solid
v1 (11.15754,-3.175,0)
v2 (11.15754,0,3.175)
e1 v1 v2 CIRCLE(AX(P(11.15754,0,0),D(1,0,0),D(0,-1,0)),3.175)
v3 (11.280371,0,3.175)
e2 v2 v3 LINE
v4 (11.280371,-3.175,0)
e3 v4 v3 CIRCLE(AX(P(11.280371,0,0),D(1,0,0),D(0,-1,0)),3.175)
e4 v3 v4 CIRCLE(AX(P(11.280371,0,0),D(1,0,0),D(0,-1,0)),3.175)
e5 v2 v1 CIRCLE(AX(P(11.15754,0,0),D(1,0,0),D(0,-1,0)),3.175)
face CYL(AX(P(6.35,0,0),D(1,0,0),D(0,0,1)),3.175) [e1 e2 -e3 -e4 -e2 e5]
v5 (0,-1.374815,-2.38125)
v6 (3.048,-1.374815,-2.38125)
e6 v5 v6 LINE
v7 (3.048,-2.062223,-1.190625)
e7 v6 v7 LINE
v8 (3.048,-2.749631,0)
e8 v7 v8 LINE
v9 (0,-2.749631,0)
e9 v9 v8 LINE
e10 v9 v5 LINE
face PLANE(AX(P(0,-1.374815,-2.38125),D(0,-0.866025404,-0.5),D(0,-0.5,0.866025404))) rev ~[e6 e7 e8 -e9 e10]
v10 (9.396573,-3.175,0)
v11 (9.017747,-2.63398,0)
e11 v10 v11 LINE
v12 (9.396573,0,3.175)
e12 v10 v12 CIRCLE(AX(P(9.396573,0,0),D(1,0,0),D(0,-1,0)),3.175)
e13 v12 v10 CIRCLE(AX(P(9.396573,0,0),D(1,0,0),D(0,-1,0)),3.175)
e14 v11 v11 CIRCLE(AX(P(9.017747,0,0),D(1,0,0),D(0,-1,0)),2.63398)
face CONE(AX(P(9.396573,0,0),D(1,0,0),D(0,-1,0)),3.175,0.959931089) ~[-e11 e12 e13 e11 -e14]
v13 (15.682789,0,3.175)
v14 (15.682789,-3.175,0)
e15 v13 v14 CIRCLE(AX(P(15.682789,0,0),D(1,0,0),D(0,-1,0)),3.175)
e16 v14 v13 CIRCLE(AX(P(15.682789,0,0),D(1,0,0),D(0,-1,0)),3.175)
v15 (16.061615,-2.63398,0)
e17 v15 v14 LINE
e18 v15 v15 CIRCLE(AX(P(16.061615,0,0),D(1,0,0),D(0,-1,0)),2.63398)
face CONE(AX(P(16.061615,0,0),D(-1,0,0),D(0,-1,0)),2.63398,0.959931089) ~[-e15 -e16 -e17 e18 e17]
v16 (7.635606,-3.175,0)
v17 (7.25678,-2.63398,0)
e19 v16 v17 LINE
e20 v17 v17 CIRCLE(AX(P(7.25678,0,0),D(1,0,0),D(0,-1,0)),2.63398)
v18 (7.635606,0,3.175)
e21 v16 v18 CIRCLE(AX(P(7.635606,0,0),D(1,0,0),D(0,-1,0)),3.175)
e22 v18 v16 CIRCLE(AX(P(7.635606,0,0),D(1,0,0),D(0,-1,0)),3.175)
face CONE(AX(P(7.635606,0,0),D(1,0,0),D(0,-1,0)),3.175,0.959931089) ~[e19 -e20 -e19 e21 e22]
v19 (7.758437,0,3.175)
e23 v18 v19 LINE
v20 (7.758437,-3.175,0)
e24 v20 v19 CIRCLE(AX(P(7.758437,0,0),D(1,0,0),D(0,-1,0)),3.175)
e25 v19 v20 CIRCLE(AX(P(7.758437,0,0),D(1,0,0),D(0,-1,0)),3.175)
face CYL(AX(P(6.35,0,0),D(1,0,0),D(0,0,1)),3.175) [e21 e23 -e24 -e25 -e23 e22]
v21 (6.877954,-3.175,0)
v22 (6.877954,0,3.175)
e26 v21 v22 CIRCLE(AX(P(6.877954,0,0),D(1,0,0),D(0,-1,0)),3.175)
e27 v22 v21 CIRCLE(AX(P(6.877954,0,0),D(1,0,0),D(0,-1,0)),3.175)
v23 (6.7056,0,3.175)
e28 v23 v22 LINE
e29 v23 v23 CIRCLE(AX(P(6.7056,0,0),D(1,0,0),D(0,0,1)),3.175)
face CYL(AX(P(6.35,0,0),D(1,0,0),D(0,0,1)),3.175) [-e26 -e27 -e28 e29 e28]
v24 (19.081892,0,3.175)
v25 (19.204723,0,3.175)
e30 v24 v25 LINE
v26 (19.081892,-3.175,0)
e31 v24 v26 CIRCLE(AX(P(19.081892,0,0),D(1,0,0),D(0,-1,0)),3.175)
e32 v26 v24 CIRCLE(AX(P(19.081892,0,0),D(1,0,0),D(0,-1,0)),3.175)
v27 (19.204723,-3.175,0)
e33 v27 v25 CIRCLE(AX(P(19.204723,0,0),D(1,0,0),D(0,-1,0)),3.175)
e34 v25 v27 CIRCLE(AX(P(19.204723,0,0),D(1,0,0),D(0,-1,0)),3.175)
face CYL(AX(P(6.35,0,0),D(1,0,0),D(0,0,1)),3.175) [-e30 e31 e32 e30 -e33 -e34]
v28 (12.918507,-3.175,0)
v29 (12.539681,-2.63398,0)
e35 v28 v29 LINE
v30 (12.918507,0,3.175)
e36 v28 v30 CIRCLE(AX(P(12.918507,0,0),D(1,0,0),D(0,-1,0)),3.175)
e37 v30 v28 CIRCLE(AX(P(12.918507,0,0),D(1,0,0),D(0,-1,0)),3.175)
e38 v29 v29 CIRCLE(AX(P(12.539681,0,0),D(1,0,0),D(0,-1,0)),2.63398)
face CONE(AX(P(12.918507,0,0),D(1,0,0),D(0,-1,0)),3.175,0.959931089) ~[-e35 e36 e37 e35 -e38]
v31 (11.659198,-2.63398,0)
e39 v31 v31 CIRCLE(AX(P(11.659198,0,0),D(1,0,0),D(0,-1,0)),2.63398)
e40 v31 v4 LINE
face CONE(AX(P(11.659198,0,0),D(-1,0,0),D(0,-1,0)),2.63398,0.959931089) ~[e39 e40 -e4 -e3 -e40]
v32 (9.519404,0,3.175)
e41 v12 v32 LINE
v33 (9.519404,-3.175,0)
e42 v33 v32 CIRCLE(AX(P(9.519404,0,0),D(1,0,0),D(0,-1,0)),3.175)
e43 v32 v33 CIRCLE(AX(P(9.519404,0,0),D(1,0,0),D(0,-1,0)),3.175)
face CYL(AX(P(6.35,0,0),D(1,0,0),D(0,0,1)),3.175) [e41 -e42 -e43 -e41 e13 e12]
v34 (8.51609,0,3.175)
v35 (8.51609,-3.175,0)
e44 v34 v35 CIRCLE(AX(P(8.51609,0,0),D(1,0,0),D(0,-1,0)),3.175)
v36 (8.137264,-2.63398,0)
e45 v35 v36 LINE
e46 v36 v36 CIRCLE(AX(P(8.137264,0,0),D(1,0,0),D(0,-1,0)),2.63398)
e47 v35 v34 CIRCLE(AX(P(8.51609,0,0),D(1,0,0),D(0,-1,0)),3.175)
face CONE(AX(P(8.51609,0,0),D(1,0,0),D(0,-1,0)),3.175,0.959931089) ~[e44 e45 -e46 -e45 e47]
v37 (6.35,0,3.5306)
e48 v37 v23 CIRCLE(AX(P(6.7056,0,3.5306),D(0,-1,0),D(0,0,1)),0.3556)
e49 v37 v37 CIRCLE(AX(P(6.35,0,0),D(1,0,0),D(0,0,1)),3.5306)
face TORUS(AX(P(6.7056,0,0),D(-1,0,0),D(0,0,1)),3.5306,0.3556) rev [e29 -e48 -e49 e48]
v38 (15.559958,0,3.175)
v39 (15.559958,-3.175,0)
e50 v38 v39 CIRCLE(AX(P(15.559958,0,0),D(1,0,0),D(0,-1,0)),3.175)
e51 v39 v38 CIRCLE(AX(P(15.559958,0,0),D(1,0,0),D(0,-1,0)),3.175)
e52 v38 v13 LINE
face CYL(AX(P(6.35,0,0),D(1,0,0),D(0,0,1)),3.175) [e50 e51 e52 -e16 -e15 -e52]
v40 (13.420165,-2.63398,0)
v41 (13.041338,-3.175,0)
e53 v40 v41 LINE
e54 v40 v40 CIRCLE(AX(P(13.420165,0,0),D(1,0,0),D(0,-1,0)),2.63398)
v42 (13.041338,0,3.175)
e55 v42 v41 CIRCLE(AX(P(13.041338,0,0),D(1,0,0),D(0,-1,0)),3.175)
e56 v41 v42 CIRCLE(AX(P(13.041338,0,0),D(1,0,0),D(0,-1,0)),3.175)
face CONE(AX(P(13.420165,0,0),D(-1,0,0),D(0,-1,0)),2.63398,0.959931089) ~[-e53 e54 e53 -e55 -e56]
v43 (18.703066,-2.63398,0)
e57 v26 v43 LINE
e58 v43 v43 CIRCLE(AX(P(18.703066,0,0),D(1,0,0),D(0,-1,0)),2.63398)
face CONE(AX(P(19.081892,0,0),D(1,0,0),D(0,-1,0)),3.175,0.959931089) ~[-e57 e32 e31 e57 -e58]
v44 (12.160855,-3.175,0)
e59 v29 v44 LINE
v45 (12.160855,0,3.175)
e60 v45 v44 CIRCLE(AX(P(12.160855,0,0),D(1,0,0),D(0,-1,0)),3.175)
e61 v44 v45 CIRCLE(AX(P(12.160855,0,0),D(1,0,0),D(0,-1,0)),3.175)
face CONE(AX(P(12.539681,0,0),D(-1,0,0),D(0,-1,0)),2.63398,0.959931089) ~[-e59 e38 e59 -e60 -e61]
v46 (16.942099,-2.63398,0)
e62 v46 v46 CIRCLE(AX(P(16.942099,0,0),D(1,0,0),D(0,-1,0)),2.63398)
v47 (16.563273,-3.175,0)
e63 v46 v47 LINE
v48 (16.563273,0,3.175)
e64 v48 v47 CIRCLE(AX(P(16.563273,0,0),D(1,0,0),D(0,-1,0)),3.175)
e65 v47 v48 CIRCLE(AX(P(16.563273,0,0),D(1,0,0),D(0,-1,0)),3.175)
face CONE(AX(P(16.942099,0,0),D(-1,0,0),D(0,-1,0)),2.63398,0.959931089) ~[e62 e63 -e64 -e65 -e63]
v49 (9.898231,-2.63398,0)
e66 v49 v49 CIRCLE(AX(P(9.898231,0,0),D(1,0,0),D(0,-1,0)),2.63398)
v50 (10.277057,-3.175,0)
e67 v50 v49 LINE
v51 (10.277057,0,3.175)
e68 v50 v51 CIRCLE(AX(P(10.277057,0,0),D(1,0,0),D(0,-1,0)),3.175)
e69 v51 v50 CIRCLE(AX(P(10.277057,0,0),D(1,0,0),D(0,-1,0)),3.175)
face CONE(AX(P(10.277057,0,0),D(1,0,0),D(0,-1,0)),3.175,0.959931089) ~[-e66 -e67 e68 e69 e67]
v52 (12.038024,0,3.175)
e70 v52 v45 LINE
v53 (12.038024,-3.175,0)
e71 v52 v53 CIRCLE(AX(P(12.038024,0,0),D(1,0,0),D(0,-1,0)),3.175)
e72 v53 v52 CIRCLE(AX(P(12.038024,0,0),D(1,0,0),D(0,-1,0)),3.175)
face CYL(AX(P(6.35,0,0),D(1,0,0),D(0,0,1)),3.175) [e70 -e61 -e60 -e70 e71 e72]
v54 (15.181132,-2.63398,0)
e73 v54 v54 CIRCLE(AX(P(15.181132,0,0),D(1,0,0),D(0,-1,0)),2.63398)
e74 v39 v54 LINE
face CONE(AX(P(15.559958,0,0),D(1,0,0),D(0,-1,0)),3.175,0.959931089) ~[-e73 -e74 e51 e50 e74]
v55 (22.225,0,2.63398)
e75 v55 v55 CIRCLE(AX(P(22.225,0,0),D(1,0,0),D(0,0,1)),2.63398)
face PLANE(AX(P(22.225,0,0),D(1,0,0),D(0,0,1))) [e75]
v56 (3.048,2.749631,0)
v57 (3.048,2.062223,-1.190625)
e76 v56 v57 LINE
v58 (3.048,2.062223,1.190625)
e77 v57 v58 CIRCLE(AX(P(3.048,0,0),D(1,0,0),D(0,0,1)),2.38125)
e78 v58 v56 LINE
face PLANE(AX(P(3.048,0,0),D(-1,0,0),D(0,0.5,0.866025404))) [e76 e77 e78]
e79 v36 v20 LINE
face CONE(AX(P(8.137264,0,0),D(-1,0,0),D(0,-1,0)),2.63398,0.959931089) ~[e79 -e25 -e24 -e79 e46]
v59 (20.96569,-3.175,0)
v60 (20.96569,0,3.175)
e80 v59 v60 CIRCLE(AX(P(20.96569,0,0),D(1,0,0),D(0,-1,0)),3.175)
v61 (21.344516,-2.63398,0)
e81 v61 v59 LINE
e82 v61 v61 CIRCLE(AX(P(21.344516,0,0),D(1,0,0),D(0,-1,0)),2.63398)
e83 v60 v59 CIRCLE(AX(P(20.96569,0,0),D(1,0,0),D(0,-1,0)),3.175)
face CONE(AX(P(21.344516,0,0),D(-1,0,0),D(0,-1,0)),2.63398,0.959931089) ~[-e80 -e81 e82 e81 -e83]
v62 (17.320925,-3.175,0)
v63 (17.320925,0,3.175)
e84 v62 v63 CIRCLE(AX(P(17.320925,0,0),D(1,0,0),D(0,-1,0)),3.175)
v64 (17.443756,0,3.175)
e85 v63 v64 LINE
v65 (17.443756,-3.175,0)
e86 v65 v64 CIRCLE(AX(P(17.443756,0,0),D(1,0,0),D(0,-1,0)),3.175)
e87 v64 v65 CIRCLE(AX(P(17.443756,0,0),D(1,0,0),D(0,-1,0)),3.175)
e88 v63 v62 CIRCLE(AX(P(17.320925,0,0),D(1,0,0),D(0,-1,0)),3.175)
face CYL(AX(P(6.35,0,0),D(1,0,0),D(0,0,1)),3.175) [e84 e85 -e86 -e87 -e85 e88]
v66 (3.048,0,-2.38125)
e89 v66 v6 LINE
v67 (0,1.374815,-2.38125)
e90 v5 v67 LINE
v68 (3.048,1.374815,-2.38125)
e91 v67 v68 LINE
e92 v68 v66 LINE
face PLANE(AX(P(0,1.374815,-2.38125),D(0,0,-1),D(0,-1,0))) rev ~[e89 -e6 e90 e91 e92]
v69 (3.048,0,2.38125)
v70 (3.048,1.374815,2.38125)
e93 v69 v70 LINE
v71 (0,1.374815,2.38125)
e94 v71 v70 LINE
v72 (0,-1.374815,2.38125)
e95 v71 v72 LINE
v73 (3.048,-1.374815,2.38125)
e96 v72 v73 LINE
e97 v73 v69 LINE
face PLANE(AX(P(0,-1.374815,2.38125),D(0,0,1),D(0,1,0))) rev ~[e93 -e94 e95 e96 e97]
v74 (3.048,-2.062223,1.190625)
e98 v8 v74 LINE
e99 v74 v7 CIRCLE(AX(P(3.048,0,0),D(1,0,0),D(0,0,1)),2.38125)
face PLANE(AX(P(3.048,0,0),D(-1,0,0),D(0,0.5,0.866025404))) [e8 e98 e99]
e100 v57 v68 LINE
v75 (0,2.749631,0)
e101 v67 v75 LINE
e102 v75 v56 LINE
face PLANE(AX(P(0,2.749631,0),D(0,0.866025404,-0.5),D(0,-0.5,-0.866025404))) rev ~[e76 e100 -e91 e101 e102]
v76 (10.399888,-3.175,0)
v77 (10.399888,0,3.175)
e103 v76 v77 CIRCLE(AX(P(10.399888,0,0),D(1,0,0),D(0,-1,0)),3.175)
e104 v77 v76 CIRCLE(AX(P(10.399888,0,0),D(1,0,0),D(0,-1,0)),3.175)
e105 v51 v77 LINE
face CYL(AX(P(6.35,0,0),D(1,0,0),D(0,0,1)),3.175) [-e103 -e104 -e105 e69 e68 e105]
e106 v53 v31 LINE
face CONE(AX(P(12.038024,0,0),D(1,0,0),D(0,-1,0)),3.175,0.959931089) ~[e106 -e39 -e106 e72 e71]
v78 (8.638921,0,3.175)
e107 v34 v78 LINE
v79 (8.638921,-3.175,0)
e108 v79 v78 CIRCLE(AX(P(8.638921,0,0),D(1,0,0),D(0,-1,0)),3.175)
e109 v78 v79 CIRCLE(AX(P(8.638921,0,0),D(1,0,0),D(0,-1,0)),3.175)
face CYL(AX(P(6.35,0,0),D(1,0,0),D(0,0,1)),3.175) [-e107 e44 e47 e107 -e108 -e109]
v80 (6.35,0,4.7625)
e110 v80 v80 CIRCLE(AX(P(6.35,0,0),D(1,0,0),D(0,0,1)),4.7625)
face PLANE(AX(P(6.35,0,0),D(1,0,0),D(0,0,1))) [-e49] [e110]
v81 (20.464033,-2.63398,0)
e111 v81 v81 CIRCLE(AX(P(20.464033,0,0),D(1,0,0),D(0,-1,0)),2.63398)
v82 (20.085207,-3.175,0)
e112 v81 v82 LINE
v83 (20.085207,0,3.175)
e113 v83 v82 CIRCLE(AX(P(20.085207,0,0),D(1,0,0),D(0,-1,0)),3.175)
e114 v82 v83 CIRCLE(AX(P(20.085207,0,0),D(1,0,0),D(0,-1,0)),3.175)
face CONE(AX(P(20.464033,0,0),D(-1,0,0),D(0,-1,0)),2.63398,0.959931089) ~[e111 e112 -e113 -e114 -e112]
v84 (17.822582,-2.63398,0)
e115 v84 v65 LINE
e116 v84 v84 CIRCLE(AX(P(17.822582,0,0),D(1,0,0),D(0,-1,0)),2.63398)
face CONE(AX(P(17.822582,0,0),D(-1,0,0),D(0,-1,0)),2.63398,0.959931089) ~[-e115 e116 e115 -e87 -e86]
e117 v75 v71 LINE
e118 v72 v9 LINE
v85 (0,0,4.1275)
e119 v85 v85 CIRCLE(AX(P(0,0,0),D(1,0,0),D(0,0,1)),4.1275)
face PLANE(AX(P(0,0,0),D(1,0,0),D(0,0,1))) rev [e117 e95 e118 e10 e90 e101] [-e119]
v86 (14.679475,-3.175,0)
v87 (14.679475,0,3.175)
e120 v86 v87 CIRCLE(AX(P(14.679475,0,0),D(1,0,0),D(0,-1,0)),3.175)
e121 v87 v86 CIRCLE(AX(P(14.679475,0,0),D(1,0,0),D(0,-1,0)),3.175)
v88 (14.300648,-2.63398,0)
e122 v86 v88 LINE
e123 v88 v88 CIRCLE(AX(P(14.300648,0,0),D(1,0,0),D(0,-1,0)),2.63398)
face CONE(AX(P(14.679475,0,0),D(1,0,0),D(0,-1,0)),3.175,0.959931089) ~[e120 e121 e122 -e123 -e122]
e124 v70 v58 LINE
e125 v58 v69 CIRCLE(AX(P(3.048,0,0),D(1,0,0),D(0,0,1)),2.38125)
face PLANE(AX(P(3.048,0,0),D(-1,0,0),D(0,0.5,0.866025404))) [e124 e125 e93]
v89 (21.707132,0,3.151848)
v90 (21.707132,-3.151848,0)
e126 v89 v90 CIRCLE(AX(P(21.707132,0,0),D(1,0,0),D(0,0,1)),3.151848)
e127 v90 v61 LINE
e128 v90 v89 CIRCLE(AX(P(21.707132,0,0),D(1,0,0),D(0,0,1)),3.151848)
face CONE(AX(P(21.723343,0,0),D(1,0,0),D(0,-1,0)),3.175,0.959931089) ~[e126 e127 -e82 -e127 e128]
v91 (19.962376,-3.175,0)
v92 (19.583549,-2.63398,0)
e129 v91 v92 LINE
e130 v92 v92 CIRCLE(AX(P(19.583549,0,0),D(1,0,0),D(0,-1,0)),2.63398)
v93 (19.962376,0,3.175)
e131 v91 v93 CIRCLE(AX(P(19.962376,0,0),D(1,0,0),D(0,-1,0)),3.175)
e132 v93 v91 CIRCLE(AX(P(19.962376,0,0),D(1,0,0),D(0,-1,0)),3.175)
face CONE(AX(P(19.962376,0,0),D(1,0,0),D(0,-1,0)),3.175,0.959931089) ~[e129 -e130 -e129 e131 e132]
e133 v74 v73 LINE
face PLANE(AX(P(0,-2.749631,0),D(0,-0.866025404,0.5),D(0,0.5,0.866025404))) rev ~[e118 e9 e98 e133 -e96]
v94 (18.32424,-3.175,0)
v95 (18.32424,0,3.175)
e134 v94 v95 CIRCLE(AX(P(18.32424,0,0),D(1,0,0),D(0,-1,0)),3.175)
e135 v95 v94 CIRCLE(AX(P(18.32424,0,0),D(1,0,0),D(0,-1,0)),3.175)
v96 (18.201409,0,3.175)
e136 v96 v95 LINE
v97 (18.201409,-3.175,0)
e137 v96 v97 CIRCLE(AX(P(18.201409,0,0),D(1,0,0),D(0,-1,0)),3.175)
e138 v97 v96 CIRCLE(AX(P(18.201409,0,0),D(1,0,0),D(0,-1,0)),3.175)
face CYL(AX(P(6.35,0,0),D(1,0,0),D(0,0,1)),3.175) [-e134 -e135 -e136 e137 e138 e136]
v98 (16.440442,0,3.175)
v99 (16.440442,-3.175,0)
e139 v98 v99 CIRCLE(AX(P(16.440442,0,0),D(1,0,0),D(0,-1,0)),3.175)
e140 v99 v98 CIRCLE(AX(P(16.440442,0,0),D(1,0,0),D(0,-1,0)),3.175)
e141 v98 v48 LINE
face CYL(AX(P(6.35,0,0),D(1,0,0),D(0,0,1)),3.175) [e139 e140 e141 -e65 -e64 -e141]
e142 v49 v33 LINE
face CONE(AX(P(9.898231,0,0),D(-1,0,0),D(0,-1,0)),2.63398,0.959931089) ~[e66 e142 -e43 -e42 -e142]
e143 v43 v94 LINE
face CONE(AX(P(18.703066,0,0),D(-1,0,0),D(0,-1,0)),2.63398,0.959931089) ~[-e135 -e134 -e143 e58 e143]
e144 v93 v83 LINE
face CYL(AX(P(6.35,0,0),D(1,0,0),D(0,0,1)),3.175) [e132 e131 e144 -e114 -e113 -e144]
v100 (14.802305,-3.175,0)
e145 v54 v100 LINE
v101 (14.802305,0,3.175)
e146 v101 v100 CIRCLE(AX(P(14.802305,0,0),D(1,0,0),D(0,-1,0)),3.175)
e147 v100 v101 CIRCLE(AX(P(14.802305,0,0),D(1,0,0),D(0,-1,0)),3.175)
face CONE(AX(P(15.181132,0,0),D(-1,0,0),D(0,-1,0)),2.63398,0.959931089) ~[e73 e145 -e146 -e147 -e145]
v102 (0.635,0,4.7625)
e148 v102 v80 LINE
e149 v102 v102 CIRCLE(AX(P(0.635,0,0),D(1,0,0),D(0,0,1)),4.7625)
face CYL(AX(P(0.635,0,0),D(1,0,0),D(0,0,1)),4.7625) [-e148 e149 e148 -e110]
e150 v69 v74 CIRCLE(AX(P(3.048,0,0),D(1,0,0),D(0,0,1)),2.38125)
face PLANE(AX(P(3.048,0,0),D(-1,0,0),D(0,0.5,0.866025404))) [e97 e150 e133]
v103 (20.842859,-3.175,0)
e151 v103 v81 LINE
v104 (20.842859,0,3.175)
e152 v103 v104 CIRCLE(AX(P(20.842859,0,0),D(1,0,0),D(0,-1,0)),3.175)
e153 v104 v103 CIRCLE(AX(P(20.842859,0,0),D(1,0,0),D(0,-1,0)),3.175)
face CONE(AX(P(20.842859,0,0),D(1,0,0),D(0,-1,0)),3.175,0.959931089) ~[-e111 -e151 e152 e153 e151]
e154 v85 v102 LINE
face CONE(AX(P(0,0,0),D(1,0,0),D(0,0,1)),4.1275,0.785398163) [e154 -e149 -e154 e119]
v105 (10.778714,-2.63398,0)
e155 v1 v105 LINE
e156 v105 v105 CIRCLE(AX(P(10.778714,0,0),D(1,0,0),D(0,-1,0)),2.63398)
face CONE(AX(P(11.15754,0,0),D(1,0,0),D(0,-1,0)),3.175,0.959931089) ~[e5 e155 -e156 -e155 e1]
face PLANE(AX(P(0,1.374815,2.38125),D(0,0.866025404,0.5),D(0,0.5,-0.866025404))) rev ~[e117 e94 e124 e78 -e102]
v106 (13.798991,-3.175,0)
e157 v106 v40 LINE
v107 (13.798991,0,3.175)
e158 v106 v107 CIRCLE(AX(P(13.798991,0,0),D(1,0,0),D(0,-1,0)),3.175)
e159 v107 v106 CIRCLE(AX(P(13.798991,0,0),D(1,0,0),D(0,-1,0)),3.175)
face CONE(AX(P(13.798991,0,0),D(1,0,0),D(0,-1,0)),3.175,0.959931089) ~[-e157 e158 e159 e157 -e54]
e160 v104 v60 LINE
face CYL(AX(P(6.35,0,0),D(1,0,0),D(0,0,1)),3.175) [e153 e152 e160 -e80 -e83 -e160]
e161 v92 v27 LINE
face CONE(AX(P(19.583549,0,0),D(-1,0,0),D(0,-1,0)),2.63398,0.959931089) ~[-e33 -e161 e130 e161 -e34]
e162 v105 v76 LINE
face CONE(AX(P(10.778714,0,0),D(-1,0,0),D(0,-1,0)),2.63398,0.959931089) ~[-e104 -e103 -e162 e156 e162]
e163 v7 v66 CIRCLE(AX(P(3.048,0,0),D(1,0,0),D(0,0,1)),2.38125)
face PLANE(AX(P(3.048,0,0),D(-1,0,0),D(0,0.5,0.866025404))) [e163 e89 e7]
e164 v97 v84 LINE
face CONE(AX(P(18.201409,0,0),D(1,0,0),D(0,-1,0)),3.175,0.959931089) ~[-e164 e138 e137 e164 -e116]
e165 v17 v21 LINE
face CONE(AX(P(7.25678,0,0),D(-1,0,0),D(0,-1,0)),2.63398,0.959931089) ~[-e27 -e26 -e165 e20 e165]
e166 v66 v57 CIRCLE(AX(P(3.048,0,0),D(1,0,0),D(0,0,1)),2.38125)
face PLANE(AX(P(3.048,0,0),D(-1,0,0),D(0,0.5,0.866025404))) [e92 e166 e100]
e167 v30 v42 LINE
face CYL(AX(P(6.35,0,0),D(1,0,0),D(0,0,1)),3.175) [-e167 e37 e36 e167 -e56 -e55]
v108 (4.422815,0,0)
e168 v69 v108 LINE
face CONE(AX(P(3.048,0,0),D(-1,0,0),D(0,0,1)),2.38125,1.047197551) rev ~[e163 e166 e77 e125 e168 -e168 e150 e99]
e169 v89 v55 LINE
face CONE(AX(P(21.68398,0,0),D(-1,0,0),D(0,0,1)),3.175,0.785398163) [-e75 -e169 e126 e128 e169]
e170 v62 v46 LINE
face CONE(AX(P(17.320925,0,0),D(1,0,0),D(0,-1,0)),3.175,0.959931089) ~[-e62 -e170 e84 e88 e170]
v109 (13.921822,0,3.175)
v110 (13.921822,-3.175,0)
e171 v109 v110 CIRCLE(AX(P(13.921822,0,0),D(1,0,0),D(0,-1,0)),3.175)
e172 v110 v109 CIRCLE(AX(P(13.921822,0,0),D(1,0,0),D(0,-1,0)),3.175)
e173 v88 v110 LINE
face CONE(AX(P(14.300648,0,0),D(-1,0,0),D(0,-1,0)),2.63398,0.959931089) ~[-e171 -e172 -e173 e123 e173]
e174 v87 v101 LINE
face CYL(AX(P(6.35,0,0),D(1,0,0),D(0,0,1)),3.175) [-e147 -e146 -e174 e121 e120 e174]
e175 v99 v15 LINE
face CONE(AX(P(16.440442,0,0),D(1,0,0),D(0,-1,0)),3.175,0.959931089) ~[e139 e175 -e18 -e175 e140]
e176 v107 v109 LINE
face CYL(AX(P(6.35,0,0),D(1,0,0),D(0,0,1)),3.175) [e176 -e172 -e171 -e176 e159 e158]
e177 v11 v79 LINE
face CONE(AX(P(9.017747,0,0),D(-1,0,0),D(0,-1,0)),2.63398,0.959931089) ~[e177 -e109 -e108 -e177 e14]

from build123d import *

# Parameters (mm, degrees)
FILLET1_R       = 0.3556
HEX_2_DEPTH     = 3.048
THDSCHPAT_COUNT = 17
THDSCHPAT_PITCH = 0.880483529


with BuildPart() as part:
    # BodySke → Base-Revolve (revolve)
    with BuildSketch(Plane.XY, mode=Mode.PRIVATE) as base_revolve_sk:
        Polygon((0, 0), (0, 4.1275), (0.635, 4.7625), (6.35, 4.7625), (6.35, 3.175), (21.68398, 3.175), (22.225, 2.63398), (22.225, 0), align=None)
    revolve(base_revolve_sk.sketch.rotate(Axis((-31.75, 0, 0), (1, 0, 0)), 90), axis=Axis((-31.75, 0, 0), (1, 0, 0)))

    # Fillet1
    fillet1_edges = [part.edges().sort_by_distance(p)[0] for p in [
        (6.35, 0, -3.175),
    ]]
    fillet(fillet1_edges, radius=FILLET1_R)

    # Sketch2 → Hex-PreBroach (revolve, cut)
    with BuildSketch(Plane.XY, mode=Mode.PRIVATE) as hex_prebroach_sk:
        Polygon((0, 2.38125), (3.048, 2.38125), (4.422815329, 0), (0, 0), align=None)
    revolve(hex_prebroach_sk.sketch.rotate(Axis((0, 0, 0), (1, 0, 0)), 90), axis=Axis((0, 0, 0), (1, 0, 0)), mode=Mode.SUBTRACT)

    # Sketch3 → Hex 2 (cut)
    with BuildSketch(Plane(origin=(0, 0, 0), x_dir=(0, 0.500000000000001, 0.866025403784438), z_dir=(-1, 0, 0))):
        Polygon((1.374815329, 2.38125), (-1.374815329, 2.38125), (-2.749630657, 0), (-1.374815329, -2.38125), (1.374815329, -2.38125), (2.749630657, 0), align=None)
    extrude(amount=-HEX_2_DEPTH, mode=Mode.SUBTRACT)

    # ThdSchSke → ThreadSchematic (revolve, cut)
    with BuildSketch(Plane.XY):
        Polygon((7.25678, -2.63398), (6.877953718, -3.175), (6.877953718, -3.96875), (7.635606282, -3.96875), (7.635606282, -3.175), align=None)
    threadschematic = revolve(axis=Axis((-3.175, 0, 0), (1, 0, 0)), mode=Mode.SUBTRACT)

    # ThdSchPat: ThreadSchematic ×17
    with Locations(*[(i * THDSCHPAT_PITCH, 0, 0) for i in range(1, THDSCHPAT_COUNT)]):
        add(threadschematic, mode=Mode.SUBTRACT)


solid = part.part
